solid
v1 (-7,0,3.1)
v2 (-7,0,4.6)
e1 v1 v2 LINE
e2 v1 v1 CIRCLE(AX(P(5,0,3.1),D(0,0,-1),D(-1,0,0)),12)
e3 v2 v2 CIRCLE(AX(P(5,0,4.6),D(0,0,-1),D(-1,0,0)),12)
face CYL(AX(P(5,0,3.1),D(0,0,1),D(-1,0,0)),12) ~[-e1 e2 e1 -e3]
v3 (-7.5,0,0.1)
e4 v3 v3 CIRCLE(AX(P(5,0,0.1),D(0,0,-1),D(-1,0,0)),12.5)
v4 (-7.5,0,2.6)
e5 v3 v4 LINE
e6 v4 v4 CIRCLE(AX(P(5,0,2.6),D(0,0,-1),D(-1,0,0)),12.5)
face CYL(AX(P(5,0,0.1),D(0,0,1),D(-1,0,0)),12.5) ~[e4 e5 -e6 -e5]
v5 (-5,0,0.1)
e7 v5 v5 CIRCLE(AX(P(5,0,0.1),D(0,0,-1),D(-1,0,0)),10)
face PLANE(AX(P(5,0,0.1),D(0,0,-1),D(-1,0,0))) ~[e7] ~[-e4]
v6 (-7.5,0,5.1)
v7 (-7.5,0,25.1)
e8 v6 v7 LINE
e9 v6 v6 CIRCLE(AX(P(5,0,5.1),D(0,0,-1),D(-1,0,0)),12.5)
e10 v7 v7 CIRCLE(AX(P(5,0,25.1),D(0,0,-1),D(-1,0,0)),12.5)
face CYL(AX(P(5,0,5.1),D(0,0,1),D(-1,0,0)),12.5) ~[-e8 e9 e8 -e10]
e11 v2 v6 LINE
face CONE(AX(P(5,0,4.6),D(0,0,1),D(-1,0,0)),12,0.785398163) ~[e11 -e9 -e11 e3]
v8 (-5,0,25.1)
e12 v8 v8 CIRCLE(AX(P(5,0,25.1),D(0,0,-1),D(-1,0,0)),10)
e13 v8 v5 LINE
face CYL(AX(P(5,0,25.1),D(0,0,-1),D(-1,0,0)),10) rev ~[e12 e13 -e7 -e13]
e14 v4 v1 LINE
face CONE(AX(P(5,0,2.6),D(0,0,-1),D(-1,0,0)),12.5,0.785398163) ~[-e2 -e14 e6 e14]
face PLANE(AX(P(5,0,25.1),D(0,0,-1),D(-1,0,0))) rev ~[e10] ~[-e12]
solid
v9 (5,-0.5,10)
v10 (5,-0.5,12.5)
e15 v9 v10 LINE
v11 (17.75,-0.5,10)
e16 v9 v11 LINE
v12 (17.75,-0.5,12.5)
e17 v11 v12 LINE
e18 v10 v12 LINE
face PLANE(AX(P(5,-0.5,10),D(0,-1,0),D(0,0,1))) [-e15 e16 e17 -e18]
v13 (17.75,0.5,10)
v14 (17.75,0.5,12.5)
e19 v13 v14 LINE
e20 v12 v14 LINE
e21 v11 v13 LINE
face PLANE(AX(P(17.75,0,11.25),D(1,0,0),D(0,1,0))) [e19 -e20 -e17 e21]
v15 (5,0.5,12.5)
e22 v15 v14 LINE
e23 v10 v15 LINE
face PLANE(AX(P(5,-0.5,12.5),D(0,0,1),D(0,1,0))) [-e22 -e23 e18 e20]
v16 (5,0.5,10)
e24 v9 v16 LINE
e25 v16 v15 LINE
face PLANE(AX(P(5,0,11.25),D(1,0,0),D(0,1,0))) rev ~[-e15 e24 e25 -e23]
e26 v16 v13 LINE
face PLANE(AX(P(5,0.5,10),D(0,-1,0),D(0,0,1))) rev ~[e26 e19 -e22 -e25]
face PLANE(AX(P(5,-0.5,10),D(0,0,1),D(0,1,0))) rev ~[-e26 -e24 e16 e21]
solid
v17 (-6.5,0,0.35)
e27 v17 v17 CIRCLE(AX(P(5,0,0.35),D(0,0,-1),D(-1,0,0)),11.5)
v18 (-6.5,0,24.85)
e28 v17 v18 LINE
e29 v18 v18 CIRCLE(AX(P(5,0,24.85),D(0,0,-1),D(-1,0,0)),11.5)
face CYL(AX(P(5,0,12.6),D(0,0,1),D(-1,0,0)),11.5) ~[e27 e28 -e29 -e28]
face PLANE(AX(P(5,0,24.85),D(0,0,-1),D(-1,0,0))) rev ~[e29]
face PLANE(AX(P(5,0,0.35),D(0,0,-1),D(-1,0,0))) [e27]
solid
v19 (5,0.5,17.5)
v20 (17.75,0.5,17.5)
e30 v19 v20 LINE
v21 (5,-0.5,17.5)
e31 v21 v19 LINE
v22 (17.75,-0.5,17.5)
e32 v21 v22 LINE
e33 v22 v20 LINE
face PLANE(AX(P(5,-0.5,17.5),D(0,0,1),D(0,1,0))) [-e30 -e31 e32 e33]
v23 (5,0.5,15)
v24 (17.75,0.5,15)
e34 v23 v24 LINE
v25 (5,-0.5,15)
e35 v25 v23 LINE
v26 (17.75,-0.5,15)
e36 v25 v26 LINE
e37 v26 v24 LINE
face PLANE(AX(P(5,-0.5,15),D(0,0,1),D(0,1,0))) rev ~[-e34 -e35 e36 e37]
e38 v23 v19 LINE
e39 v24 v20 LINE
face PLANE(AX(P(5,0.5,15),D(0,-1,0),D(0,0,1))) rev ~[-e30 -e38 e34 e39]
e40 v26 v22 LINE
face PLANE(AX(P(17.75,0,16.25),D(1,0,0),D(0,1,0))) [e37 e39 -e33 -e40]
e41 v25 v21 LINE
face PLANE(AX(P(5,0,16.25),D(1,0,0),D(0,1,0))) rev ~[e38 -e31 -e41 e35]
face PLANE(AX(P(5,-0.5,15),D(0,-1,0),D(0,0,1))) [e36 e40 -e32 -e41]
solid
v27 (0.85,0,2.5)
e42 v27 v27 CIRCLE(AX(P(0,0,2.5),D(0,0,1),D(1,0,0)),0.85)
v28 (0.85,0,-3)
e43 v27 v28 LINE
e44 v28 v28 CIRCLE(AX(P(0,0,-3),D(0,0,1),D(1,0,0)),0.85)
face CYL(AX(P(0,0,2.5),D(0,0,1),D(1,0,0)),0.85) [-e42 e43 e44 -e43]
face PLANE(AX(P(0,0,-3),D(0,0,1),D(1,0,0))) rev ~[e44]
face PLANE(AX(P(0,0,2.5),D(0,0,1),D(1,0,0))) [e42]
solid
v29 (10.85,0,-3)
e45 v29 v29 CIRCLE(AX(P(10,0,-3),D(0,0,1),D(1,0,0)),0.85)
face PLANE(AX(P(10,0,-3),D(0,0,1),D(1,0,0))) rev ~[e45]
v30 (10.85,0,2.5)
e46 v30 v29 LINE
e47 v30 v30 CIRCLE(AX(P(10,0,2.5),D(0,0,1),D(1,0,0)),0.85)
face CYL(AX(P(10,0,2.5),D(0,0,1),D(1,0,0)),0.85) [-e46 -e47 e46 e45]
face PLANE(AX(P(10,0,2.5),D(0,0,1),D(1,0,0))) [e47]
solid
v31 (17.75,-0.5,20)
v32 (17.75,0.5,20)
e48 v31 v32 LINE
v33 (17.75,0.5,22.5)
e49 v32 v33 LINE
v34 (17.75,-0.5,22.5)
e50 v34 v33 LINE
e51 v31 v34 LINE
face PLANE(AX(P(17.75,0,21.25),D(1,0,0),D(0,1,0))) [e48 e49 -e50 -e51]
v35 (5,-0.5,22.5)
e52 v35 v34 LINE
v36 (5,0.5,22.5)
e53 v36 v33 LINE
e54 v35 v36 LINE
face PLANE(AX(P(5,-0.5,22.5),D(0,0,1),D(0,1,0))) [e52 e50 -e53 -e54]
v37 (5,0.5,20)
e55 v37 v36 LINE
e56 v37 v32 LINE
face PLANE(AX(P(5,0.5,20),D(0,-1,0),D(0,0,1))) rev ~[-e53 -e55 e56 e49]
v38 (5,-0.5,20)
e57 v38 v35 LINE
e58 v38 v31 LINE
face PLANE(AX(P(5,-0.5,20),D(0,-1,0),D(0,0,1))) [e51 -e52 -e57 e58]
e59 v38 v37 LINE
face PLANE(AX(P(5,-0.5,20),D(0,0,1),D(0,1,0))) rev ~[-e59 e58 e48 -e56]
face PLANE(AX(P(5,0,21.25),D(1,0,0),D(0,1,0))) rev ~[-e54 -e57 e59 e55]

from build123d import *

# Parameters (mm, degrees)
SKETCH002_W  = 11.5
SKETCH002_H  = 24.5
SKETCH003_R  = 0.85
PAD_DEPTH    = 5.5
SKETCH004_W  = 1
SKETCH004_H  = 2.5
PAD001_DEPTH = 12.75


with BuildPart() as revolution:
    # Sketch → Revolution (revolve)
    with BuildSketch(Plane.XZ):
        Polygon((-7.5, 0.1), (-7.5, 2.6), (-7, 3.1), (-7, 4.6), (-7.5, 5.1), (-7.5, 25.1), (-5, 25.1), (-5, 0.1), align=None)
    revolve(axis=Axis((5, 0, 7.548619), (0, 0, -1)))


with BuildPart() as revolution001:
    # Sketch002 → Revolution001 (revolve)
    with BuildSketch(Plane.XZ):
        with Locations((-0.75, 12.6)):
            Rectangle(SKETCH002_W, SKETCH002_H)
    revolve(axis=Axis((5, 0, 4.680116), (0, 0, -1)))


with BuildPart() as pad:
    # Sketch003 → Pad (new body)
    with BuildSketch(Plane.XY.offset(2.5)):
        Circle(SKETCH003_R)
        with Locations((10, 0)):
            Circle(SKETCH003_R)
    extrude(amount=-PAD_DEPTH)


with BuildPart() as pad001:
    # Sketch004 → Pad001 (new body)
    with BuildSketch(Plane.YZ.offset(5)):
        with Locations((0, 11.25)):
            Rectangle(SKETCH004_W, SKETCH004_H)
        with Locations((0, 16.25)):
            Rectangle(SKETCH004_W, SKETCH004_H)
        with Locations((0, 21.25)):
            Rectangle(SKETCH004_W, SKETCH004_H)
    extrude(amount=PAD001_DEPTH)


solid = Compound([revolution.part, revolution001.part, pad.part, pad001.part])
